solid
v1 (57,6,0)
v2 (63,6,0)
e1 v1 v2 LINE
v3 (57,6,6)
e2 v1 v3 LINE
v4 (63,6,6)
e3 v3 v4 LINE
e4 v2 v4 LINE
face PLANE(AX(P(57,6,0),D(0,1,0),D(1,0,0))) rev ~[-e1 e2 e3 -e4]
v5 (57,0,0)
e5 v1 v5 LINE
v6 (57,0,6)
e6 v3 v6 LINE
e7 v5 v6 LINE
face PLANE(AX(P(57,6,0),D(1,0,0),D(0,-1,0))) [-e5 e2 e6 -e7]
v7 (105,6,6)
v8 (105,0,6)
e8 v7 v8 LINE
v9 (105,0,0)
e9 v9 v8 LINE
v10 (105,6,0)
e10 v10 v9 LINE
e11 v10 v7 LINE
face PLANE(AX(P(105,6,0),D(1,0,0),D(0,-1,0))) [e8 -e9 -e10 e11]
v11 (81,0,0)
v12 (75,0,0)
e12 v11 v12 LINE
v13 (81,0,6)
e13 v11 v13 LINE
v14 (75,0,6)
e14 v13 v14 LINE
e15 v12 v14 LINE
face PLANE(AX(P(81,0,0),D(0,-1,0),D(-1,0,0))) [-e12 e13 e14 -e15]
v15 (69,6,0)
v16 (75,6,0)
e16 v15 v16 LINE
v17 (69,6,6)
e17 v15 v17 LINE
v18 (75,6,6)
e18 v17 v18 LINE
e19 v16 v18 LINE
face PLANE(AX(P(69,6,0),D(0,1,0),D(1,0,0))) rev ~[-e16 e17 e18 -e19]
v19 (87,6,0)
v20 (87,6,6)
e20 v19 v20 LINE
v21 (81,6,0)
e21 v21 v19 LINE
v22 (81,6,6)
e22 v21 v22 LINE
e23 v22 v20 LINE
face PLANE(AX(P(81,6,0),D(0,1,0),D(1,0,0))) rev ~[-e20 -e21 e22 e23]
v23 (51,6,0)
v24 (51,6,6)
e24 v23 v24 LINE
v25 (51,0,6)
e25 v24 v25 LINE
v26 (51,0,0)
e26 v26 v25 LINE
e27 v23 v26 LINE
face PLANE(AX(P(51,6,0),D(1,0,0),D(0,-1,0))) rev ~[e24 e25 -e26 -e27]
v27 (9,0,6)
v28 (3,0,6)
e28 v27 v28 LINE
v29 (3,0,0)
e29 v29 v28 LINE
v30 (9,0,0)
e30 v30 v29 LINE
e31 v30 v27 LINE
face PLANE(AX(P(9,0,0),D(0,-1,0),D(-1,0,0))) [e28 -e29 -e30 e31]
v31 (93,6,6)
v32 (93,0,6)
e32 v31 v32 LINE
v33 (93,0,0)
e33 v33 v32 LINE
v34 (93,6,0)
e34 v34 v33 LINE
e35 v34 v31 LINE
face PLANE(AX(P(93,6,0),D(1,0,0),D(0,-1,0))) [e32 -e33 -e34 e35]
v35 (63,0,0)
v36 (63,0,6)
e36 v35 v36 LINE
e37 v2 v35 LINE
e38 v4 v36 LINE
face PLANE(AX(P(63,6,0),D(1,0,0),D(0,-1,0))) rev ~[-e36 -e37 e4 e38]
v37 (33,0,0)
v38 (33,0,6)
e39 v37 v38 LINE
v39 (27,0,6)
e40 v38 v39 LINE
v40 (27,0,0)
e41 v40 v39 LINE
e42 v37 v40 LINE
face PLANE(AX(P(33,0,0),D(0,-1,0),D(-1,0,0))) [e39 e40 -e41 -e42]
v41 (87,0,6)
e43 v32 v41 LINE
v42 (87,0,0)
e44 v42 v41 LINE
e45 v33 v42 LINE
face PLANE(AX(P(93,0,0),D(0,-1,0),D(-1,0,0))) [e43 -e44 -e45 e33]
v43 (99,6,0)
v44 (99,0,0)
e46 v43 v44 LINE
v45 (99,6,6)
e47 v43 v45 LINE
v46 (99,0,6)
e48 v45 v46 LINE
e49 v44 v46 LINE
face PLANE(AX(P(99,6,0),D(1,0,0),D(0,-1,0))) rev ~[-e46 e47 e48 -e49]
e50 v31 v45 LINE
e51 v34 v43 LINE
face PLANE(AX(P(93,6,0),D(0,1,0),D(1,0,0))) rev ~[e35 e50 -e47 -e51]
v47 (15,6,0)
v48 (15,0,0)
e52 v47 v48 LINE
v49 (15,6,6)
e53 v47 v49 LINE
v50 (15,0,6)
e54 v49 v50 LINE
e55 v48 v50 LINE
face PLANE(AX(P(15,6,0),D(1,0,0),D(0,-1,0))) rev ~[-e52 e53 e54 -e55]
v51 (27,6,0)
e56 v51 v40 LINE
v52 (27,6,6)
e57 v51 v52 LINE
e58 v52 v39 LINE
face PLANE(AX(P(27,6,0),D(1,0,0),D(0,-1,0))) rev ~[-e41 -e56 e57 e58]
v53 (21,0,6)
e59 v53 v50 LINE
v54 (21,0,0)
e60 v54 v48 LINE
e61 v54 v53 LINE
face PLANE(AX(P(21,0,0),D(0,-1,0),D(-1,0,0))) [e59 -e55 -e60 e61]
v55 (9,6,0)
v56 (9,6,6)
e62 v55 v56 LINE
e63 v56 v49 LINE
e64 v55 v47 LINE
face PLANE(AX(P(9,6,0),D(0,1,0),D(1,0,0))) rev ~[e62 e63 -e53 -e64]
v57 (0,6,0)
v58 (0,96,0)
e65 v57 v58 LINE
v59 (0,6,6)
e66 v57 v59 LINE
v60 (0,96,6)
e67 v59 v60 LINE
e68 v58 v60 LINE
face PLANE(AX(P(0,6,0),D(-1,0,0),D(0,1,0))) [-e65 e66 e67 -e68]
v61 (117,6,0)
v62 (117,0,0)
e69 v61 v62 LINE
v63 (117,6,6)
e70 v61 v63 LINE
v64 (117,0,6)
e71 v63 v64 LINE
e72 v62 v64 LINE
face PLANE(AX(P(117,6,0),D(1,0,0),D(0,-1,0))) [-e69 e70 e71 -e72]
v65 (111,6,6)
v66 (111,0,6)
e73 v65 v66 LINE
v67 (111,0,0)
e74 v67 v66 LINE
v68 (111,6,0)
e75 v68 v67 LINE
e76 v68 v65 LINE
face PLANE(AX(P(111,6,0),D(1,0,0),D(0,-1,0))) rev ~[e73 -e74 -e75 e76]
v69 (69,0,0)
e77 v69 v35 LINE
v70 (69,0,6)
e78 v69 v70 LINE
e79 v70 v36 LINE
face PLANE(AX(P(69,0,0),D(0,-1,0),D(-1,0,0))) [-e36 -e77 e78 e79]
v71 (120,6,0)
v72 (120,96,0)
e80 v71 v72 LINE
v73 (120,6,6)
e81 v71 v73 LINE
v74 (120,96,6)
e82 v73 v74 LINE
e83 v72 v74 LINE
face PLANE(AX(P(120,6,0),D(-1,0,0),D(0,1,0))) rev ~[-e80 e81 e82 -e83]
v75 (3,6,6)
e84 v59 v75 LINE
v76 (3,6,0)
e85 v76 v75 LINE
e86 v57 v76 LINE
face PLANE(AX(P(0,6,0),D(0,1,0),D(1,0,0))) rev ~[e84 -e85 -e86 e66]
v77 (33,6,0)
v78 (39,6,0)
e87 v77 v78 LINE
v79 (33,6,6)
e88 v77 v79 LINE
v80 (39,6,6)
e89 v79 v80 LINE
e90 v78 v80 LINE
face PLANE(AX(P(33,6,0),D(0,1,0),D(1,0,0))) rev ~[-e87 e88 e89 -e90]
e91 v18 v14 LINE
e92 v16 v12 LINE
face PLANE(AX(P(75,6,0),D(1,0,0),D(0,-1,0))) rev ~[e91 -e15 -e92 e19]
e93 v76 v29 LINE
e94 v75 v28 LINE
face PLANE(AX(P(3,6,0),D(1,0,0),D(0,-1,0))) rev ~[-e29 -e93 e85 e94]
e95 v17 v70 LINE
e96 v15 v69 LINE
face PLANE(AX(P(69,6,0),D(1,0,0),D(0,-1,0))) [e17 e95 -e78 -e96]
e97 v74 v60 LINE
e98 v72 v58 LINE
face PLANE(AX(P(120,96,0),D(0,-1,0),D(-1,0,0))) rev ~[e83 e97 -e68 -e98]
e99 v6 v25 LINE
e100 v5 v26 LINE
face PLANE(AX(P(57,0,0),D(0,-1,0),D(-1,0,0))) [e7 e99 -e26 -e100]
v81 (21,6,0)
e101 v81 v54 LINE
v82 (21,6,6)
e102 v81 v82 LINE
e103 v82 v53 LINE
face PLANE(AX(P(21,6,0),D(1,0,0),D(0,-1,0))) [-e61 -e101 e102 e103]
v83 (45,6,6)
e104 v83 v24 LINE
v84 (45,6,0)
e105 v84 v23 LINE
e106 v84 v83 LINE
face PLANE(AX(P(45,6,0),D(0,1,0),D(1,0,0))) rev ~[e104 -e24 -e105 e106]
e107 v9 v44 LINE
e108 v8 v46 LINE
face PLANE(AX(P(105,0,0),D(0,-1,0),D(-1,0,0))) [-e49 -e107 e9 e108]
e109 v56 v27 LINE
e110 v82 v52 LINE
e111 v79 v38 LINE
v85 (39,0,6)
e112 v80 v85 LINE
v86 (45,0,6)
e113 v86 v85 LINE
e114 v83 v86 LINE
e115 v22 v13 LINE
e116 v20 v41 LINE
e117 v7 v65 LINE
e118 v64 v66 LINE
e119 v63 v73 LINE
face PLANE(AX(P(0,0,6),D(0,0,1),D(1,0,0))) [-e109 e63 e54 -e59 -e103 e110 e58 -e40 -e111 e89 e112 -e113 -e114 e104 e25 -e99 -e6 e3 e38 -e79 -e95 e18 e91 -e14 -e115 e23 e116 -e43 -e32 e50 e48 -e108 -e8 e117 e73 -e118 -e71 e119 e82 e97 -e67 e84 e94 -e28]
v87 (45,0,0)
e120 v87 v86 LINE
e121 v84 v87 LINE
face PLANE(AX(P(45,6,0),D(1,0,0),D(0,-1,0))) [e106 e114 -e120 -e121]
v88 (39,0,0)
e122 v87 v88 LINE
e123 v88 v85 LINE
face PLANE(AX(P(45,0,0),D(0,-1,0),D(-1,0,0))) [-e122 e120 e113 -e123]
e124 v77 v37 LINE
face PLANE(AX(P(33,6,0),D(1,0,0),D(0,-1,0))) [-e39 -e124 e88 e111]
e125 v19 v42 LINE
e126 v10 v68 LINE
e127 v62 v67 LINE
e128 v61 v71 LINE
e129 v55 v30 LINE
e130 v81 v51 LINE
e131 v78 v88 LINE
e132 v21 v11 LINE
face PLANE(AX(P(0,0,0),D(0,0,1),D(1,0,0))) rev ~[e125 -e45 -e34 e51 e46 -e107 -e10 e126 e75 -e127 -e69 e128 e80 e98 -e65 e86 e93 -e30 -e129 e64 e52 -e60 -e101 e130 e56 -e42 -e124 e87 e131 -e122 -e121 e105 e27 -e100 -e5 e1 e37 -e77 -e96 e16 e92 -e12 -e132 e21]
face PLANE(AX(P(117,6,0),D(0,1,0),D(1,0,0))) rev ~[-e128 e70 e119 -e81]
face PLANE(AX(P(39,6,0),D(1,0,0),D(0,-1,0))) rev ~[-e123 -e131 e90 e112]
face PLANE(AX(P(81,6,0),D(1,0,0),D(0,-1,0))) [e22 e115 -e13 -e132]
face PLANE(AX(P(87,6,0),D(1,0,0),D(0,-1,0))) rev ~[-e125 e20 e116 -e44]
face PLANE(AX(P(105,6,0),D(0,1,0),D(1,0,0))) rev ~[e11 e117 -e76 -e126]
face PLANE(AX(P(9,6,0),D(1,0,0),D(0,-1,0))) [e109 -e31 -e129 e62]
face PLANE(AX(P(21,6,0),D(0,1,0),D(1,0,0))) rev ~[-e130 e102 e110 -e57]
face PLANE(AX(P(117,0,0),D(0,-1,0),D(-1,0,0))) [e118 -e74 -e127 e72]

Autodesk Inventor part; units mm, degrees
ref_plane "YZ Plane" through (0, 0, 0) normal (1, 0, 0) x (0, 1, 0)
ref_plane "XZ Plane" through (0, 0, 0) normal (0, 1, 0) x (-1, 0, 0)
ref_plane "XY Plane" through (0, 0, 0) normal (0, 0, 1) x (1, 0, 0)
sketch "Sketch1" plane through (0, 0, 0) normal (0, 0, 1) x (1, 0, 0)
  line L0 (0, 6) -> (120, 6)
  line L1 (120, 6) -> (120, 0)
  line L2 (120, 0) -> (0, 0)
  line L3 (0, 0) -> (0, 6)
  line L4 (3, 6) -> (3, 0)
  line L5 (9, 6) -> (9, 0)
  line L6 (9, 6) -> (9, 0)
  line L7 (15, 6) -> (15, 0)
  line L8 (15, 6) -> (15, 0)
  line L9 (21, 6) -> (21, 0)
  line L10 (21, 6) -> (21, 0)
  line L11 (27, 6) -> (27, 0)
  line L12 (27, 6) -> (27, 0)
  line L13 (33, 6) -> (33, 0)
  line L14 (33, 6) -> (33, 0)
  line L15 (39, 6) -> (39, 0)
  line L16 (39, 6) -> (39, 0)
  line L17 (45, 6) -> (45, 0)
  line L18 (45, 6) -> (45, 0)
  line L19 (51, 6) -> (51, 0)
  line L20 (51, 6) -> (51, 0)
  line L21 (57, 6) -> (57, 0)
  line L22 (57, 6) -> (57, 0)
  line L23 (63, 6) -> (63, 0)
  line L24 (63, 6) -> (63, 0)
  line L25 (69, 6) -> (69, 0)
  line L26 (69, 6) -> (69, 0)
  line L27 (75, 6) -> (75, 0)
  line L28 (75, 6) -> (75, 0)
  line L29 (81, 6) -> (81, 0)
  line L30 (81, 6) -> (81, 0)
  line L31 (87, 6) -> (87, 0)
  line L32 (87, 6) -> (87, 0)
  line L33 (93, 6) -> (93, 0)
  line L34 (93, 6) -> (93, 0)
  line L35 (99, 6) -> (99, 0)
  line L36 (99, 6) -> (99, 0)
  line L37 (105, 6) -> (105, 0)
  line L38 (105, 6) -> (105, 0)
  line L39 (111, 6) -> (111, 0)
  line L40 (111, 6) -> (111, 0)
  line L41 (117, 6) -> (117, 0)
  line L42 (0, 6) -> (0, 96)
  line L43 (120, 6) -> (120, 96)
  line L44 (120, 96) -> (0, 96)
  point P0 (0, 3)
  point P1 (3, 3)
  point P2 (9, 3)
  point P3 (15, 3)
  point P4 (21, 3)
  point P5 (27, 3)
  point P6 (33, 3)
  point P7 (39, 3)
  point P8 (45, 3)
  point P9 (51, 3)
  point P10 (57, 3)
  point P11 (63, 3)
  point P12 (69, 3)
  point P13 (75, 3)
  point P14 (81, 3)
  point P15 (87, 3)
  point P16 (93, 3)
  point P17 (99, 3)
  point P18 (105, 3)
  point P19 (111, 3)
  dimension "d4" = 120
  dimension "d5" = 6
  dimension "d6" = 3
  dimension "d7" = 6
  dimension "d8" = 6
  dimension "d10" = 90
  dimension "d11" = 90
extrude "Extrusion1" add sketch "Sketch1" along normal blind 6 contours L42 L44 L43 L0 | L0 L5 L2 L4 | L0 L9 L2 L7 | L41 L2 L39 L0 | L0 L13 L2 L11 | L37 L2 L35 L0 | L0 L17 L2 L15 | L33 L2 L31 L0 | L0 L21 L2 L19 | L29 L2 L27 L0 | L0 L25 L2 L23
properties part number "wall interface 2 V1"
